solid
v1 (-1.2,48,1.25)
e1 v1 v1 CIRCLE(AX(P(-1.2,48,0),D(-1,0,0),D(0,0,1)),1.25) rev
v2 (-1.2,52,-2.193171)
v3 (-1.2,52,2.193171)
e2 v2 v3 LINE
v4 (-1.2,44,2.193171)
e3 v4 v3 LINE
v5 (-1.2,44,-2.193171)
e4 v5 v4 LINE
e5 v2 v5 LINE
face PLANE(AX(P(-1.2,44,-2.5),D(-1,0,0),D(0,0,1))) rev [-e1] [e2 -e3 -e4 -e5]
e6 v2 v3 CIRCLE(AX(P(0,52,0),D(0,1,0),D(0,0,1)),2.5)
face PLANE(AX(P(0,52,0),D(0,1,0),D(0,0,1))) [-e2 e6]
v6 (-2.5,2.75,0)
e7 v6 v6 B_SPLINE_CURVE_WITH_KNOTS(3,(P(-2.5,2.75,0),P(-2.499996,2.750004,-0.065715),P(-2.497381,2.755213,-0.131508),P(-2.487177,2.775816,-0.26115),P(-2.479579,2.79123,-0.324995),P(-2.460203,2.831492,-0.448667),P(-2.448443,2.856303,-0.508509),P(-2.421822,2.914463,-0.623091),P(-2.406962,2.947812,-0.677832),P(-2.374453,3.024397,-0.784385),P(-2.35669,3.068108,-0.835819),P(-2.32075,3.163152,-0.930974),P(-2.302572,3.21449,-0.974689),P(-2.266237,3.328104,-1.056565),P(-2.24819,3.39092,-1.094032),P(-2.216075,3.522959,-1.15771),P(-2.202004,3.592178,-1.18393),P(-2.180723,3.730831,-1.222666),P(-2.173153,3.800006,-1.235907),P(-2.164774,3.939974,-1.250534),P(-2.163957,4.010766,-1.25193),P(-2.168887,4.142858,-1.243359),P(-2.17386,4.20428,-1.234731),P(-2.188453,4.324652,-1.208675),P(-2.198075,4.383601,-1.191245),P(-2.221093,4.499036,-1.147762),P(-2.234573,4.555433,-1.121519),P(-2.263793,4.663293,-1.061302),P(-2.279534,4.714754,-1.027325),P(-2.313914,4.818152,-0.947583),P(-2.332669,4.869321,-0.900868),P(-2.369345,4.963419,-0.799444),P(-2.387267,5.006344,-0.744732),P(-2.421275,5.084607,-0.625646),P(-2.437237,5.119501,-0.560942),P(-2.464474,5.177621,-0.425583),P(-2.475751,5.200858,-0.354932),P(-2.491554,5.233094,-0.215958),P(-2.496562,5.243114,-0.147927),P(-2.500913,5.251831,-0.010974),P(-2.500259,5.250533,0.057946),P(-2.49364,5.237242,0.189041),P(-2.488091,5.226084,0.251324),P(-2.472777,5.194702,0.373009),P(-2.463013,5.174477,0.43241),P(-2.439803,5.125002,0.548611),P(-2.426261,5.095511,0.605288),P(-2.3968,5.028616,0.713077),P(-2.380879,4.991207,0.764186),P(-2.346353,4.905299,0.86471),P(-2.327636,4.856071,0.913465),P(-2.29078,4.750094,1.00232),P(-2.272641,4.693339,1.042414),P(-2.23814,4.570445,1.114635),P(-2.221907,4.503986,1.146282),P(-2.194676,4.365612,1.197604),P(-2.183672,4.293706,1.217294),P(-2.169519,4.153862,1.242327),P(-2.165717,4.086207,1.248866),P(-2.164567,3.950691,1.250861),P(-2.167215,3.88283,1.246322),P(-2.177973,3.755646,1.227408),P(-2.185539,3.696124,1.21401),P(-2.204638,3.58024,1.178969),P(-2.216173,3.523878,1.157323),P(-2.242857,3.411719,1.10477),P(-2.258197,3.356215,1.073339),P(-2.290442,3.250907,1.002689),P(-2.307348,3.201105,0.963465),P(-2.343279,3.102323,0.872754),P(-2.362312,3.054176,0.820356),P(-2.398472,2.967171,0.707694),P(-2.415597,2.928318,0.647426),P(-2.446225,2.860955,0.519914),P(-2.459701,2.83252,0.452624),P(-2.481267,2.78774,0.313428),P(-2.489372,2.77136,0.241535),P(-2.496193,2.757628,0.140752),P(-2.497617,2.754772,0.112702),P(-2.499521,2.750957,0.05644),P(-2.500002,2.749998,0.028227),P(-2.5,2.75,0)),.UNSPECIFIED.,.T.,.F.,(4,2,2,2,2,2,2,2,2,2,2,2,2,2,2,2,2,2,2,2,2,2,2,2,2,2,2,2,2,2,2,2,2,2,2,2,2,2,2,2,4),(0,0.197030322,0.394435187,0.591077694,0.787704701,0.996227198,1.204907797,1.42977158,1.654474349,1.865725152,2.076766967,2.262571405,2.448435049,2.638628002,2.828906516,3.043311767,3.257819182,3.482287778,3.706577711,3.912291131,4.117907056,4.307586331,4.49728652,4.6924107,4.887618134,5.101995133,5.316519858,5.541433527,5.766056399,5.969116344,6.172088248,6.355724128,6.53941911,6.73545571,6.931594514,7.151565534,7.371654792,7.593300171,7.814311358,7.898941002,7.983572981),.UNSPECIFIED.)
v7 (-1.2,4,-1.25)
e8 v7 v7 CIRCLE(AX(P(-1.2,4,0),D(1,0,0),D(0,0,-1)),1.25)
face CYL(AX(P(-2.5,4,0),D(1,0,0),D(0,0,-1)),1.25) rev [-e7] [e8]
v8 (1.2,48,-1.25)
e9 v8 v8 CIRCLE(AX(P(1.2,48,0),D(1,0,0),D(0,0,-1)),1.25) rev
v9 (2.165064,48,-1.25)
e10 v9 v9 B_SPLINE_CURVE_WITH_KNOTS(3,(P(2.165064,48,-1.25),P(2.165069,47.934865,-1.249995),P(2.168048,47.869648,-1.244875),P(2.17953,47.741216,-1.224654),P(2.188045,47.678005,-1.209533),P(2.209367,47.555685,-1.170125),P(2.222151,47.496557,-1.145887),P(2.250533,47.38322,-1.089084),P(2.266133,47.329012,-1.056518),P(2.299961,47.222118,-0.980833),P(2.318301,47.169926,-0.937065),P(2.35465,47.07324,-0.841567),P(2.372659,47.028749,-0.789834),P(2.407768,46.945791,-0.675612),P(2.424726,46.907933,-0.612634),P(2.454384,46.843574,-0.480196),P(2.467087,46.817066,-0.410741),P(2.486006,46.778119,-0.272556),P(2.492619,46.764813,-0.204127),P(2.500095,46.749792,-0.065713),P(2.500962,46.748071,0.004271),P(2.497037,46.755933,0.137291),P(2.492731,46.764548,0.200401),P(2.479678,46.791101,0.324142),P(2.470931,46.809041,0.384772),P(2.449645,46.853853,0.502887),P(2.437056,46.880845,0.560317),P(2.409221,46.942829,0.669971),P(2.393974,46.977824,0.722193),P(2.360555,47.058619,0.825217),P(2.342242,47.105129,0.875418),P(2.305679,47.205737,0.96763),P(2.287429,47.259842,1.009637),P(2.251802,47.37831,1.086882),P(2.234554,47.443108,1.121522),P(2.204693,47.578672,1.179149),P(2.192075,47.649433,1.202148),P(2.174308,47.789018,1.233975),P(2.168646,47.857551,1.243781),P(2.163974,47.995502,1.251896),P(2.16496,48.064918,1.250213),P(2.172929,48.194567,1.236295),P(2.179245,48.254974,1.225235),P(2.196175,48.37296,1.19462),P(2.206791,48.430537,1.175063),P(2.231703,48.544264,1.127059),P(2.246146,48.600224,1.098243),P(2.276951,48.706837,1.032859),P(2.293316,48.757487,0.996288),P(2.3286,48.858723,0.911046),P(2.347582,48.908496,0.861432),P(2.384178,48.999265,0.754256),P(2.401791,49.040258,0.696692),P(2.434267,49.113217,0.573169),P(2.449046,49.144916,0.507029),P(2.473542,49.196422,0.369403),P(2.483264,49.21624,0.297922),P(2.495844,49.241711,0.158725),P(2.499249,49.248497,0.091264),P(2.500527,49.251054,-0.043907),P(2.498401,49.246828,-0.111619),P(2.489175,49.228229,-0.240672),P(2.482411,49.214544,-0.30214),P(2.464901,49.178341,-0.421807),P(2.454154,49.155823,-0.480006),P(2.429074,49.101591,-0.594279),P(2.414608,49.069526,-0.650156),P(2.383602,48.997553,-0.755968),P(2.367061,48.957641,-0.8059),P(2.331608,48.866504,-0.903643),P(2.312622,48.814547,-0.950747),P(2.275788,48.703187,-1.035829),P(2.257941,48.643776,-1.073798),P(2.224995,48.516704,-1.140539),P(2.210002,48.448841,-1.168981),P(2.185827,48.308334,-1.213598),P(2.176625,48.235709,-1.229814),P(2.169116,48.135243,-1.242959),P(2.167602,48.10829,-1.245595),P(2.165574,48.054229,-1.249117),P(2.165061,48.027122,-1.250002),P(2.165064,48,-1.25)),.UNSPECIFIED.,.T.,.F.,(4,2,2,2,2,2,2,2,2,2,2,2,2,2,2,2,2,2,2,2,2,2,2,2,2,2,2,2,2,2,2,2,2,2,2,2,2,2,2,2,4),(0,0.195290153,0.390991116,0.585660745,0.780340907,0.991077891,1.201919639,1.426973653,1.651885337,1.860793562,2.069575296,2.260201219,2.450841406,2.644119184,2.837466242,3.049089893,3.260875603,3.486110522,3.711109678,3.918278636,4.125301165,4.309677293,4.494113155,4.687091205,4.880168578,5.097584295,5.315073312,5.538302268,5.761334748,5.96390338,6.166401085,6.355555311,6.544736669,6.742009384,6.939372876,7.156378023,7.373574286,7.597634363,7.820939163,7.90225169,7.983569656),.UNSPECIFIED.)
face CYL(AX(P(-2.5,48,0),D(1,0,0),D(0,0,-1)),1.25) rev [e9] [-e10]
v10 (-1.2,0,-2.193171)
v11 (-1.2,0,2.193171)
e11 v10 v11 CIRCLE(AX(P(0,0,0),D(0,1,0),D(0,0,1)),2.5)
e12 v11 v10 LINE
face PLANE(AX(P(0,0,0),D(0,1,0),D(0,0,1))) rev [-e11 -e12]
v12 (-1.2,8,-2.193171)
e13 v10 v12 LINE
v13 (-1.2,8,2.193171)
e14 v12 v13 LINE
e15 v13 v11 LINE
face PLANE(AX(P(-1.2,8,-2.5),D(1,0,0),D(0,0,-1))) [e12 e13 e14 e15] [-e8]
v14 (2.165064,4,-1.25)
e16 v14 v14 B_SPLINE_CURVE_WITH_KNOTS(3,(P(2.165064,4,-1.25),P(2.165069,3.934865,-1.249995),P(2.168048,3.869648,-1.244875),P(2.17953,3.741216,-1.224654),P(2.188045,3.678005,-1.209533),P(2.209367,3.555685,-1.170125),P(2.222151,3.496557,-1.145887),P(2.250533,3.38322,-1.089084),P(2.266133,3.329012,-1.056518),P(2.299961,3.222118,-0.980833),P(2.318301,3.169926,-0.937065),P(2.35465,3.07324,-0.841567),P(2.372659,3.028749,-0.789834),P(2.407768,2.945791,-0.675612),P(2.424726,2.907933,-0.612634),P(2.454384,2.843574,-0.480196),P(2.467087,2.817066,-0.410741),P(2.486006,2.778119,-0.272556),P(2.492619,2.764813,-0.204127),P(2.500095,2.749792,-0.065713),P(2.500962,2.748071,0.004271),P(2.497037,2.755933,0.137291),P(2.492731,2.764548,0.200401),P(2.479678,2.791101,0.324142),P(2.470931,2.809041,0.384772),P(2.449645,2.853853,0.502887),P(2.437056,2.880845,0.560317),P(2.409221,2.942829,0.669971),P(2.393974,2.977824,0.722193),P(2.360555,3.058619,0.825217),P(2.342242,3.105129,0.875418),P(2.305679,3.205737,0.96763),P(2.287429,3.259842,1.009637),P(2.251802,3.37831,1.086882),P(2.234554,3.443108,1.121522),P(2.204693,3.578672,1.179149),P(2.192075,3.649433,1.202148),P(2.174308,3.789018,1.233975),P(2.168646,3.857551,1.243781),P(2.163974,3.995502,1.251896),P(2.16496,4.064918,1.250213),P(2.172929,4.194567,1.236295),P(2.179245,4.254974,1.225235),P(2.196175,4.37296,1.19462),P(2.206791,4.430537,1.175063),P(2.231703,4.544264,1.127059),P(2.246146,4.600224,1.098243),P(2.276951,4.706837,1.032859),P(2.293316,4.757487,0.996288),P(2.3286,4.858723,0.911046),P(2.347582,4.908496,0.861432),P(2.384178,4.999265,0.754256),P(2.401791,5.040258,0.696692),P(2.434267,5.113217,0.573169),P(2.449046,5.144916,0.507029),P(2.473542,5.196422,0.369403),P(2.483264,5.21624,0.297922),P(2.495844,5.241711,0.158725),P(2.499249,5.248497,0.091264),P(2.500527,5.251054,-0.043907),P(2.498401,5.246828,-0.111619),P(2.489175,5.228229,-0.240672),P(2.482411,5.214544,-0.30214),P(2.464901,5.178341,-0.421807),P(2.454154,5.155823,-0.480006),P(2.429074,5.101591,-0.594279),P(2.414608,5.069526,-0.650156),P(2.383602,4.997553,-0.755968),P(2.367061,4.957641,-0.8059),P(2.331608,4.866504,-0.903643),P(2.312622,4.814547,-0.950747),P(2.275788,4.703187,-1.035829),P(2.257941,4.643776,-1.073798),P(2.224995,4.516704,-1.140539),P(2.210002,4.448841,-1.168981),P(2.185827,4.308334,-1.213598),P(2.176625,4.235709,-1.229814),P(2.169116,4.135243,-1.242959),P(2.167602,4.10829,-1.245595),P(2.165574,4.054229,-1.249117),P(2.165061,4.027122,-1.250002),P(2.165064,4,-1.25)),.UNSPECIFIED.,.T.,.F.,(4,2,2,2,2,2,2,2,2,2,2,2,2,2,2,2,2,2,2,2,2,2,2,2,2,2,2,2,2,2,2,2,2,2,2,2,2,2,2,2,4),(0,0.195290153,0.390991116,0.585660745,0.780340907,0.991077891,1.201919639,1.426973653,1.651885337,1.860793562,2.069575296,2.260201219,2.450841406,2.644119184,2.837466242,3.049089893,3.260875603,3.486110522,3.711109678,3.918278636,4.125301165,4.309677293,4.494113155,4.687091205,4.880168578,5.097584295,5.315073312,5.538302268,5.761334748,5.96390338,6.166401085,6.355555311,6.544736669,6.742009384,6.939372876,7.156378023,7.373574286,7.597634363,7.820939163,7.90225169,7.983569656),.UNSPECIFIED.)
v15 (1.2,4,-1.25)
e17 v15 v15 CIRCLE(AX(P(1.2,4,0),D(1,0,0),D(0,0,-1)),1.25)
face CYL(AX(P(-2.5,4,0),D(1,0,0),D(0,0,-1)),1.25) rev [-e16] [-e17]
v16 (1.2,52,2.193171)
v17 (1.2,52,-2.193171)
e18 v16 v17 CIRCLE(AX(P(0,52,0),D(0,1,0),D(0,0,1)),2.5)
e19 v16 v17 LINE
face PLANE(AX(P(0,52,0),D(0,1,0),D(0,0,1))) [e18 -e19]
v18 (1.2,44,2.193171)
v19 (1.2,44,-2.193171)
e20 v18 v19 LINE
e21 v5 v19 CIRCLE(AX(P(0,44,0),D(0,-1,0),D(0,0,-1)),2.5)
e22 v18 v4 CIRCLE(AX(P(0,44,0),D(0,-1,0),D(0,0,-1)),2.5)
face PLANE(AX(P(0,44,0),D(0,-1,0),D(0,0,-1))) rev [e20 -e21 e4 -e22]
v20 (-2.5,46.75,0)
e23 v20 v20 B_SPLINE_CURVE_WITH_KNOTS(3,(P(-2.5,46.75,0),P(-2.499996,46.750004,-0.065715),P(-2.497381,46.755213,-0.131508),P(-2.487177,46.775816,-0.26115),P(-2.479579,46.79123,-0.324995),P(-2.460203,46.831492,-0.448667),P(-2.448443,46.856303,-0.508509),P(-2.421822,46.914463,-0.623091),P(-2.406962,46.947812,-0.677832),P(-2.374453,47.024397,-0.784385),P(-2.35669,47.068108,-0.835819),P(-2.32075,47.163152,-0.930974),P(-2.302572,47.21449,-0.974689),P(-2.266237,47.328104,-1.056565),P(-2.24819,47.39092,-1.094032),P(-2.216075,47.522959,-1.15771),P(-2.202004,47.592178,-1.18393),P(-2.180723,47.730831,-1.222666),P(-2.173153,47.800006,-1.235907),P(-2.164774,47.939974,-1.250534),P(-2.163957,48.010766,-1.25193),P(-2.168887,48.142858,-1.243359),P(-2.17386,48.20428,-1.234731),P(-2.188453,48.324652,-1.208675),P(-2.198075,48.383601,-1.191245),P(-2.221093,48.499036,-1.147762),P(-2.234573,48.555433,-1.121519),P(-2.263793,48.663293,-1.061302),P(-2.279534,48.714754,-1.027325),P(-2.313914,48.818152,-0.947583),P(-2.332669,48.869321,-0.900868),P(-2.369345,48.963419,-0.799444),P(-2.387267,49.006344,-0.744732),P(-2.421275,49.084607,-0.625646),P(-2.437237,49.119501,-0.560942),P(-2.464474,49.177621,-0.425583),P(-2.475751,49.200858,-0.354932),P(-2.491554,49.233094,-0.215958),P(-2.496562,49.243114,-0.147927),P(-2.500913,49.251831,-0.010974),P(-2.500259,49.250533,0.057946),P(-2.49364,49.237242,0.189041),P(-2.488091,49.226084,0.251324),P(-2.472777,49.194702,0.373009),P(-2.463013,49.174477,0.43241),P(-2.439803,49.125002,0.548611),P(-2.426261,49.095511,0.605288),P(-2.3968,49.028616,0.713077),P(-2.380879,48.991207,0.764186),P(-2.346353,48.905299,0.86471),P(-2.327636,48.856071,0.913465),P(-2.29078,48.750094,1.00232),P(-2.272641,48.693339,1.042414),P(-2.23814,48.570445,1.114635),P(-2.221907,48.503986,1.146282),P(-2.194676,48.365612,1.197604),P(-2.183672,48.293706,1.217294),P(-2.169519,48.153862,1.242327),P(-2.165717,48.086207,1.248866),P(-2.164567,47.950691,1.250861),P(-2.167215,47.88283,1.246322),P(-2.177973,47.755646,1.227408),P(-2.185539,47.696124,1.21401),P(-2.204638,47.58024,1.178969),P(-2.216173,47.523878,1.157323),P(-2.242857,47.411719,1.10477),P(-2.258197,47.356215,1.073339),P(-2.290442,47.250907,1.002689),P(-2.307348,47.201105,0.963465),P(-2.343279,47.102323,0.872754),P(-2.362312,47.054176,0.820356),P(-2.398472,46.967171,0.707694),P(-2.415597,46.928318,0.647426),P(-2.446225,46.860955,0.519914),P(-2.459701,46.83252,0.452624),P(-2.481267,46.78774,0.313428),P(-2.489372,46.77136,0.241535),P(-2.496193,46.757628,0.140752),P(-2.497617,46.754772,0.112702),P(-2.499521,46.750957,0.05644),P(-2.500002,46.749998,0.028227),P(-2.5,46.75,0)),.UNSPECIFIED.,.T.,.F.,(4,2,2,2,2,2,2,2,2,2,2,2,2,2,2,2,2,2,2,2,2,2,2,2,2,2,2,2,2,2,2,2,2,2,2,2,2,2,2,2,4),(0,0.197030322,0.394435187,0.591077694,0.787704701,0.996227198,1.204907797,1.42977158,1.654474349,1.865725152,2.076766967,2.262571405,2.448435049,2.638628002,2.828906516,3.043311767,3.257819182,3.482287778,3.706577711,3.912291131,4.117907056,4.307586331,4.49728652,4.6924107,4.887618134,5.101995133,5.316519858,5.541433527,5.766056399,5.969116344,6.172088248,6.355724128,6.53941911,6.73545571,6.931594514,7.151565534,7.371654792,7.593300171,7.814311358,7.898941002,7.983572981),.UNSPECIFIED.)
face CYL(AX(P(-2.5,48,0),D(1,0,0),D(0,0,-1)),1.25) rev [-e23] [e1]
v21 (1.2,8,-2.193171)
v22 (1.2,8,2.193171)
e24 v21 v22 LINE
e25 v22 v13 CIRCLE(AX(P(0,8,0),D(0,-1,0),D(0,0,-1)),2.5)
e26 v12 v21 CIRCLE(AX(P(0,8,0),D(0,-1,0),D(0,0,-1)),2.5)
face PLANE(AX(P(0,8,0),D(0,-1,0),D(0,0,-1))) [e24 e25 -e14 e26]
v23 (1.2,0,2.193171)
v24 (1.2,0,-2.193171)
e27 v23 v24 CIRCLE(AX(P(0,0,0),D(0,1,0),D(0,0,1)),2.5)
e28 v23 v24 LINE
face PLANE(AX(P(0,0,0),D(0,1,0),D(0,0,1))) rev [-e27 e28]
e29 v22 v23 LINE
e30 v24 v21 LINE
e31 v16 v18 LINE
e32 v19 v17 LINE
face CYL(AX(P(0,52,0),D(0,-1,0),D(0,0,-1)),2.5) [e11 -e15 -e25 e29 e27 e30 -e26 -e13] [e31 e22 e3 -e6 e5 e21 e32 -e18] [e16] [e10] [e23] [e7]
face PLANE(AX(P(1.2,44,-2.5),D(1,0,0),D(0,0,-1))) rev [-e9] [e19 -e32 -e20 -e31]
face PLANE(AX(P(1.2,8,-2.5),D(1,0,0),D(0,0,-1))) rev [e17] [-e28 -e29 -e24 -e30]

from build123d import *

# Parameters (mm, degrees)
SKETCH2_R               = 2.5
BOSS_EXTRUDE1_DEPTH     = 52
SKETCH3_W               = 2.4
SKETCH3_H               = 5
CUT_EXTRUDE1_DEPTH      = 8
CUT_EXTRUDE2_DEPTH      = 53.120053722
CUT_EXTRUDE2_DEPTH_BACK = 53.120053722
SKETCH4_R               = 1.25
SKETCH5_W               = 2.4
SKETCH5_H               = 5
CUT_EXTRUDE3_DEPTH      = 8


with BuildPart() as part:
    # Sketch2 → Boss-Extrude1 (new body)
    with BuildSketch(Plane(origin=(0, 0, 0), x_dir=(-1, 0, 0), z_dir=(0, 1, 0))):
        with Locations(Location((0, 0, 0), (0, 0, 270))):
            Circle(SKETCH2_R)
    extrude(amount=BOSS_EXTRUDE1_DEPTH)

    # Sketch3 → Cut-Extrude1 (cut)
    with BuildSketch(Plane.XZ):
        Rectangle(SKETCH3_W, SKETCH3_H)
    extrude(amount=-CUT_EXTRUDE1_DEPTH, mode=Mode.SUBTRACT)

    # Sketch4 → Cut-Extrude2 (cut, two sides: drawn at the far end of the back side and taken through both)
    with BuildSketch(Plane.YZ.offset(-CUT_EXTRUDE2_DEPTH_BACK)):
        with Locations(Location((4, 0, 0), (0, 0, 270))):
            Circle(SKETCH4_R)
        with Locations(Location((48, 0, 0), (0, 0, 270))):
            Circle(SKETCH4_R)
    extrude(amount=CUT_EXTRUDE2_DEPTH + CUT_EXTRUDE2_DEPTH_BACK, mode=Mode.SUBTRACT)

    # Sketch5 → Cut-Extrude3 (cut)
    with BuildSketch(Plane(origin=(0, 52, 0), x_dir=(-1, 0, 0), z_dir=(0, 1, 0))):
        Rectangle(SKETCH5_W, SKETCH5_H)
    extrude(amount=-CUT_EXTRUDE3_DEPTH, mode=Mode.SUBTRACT)


solid = part.part
